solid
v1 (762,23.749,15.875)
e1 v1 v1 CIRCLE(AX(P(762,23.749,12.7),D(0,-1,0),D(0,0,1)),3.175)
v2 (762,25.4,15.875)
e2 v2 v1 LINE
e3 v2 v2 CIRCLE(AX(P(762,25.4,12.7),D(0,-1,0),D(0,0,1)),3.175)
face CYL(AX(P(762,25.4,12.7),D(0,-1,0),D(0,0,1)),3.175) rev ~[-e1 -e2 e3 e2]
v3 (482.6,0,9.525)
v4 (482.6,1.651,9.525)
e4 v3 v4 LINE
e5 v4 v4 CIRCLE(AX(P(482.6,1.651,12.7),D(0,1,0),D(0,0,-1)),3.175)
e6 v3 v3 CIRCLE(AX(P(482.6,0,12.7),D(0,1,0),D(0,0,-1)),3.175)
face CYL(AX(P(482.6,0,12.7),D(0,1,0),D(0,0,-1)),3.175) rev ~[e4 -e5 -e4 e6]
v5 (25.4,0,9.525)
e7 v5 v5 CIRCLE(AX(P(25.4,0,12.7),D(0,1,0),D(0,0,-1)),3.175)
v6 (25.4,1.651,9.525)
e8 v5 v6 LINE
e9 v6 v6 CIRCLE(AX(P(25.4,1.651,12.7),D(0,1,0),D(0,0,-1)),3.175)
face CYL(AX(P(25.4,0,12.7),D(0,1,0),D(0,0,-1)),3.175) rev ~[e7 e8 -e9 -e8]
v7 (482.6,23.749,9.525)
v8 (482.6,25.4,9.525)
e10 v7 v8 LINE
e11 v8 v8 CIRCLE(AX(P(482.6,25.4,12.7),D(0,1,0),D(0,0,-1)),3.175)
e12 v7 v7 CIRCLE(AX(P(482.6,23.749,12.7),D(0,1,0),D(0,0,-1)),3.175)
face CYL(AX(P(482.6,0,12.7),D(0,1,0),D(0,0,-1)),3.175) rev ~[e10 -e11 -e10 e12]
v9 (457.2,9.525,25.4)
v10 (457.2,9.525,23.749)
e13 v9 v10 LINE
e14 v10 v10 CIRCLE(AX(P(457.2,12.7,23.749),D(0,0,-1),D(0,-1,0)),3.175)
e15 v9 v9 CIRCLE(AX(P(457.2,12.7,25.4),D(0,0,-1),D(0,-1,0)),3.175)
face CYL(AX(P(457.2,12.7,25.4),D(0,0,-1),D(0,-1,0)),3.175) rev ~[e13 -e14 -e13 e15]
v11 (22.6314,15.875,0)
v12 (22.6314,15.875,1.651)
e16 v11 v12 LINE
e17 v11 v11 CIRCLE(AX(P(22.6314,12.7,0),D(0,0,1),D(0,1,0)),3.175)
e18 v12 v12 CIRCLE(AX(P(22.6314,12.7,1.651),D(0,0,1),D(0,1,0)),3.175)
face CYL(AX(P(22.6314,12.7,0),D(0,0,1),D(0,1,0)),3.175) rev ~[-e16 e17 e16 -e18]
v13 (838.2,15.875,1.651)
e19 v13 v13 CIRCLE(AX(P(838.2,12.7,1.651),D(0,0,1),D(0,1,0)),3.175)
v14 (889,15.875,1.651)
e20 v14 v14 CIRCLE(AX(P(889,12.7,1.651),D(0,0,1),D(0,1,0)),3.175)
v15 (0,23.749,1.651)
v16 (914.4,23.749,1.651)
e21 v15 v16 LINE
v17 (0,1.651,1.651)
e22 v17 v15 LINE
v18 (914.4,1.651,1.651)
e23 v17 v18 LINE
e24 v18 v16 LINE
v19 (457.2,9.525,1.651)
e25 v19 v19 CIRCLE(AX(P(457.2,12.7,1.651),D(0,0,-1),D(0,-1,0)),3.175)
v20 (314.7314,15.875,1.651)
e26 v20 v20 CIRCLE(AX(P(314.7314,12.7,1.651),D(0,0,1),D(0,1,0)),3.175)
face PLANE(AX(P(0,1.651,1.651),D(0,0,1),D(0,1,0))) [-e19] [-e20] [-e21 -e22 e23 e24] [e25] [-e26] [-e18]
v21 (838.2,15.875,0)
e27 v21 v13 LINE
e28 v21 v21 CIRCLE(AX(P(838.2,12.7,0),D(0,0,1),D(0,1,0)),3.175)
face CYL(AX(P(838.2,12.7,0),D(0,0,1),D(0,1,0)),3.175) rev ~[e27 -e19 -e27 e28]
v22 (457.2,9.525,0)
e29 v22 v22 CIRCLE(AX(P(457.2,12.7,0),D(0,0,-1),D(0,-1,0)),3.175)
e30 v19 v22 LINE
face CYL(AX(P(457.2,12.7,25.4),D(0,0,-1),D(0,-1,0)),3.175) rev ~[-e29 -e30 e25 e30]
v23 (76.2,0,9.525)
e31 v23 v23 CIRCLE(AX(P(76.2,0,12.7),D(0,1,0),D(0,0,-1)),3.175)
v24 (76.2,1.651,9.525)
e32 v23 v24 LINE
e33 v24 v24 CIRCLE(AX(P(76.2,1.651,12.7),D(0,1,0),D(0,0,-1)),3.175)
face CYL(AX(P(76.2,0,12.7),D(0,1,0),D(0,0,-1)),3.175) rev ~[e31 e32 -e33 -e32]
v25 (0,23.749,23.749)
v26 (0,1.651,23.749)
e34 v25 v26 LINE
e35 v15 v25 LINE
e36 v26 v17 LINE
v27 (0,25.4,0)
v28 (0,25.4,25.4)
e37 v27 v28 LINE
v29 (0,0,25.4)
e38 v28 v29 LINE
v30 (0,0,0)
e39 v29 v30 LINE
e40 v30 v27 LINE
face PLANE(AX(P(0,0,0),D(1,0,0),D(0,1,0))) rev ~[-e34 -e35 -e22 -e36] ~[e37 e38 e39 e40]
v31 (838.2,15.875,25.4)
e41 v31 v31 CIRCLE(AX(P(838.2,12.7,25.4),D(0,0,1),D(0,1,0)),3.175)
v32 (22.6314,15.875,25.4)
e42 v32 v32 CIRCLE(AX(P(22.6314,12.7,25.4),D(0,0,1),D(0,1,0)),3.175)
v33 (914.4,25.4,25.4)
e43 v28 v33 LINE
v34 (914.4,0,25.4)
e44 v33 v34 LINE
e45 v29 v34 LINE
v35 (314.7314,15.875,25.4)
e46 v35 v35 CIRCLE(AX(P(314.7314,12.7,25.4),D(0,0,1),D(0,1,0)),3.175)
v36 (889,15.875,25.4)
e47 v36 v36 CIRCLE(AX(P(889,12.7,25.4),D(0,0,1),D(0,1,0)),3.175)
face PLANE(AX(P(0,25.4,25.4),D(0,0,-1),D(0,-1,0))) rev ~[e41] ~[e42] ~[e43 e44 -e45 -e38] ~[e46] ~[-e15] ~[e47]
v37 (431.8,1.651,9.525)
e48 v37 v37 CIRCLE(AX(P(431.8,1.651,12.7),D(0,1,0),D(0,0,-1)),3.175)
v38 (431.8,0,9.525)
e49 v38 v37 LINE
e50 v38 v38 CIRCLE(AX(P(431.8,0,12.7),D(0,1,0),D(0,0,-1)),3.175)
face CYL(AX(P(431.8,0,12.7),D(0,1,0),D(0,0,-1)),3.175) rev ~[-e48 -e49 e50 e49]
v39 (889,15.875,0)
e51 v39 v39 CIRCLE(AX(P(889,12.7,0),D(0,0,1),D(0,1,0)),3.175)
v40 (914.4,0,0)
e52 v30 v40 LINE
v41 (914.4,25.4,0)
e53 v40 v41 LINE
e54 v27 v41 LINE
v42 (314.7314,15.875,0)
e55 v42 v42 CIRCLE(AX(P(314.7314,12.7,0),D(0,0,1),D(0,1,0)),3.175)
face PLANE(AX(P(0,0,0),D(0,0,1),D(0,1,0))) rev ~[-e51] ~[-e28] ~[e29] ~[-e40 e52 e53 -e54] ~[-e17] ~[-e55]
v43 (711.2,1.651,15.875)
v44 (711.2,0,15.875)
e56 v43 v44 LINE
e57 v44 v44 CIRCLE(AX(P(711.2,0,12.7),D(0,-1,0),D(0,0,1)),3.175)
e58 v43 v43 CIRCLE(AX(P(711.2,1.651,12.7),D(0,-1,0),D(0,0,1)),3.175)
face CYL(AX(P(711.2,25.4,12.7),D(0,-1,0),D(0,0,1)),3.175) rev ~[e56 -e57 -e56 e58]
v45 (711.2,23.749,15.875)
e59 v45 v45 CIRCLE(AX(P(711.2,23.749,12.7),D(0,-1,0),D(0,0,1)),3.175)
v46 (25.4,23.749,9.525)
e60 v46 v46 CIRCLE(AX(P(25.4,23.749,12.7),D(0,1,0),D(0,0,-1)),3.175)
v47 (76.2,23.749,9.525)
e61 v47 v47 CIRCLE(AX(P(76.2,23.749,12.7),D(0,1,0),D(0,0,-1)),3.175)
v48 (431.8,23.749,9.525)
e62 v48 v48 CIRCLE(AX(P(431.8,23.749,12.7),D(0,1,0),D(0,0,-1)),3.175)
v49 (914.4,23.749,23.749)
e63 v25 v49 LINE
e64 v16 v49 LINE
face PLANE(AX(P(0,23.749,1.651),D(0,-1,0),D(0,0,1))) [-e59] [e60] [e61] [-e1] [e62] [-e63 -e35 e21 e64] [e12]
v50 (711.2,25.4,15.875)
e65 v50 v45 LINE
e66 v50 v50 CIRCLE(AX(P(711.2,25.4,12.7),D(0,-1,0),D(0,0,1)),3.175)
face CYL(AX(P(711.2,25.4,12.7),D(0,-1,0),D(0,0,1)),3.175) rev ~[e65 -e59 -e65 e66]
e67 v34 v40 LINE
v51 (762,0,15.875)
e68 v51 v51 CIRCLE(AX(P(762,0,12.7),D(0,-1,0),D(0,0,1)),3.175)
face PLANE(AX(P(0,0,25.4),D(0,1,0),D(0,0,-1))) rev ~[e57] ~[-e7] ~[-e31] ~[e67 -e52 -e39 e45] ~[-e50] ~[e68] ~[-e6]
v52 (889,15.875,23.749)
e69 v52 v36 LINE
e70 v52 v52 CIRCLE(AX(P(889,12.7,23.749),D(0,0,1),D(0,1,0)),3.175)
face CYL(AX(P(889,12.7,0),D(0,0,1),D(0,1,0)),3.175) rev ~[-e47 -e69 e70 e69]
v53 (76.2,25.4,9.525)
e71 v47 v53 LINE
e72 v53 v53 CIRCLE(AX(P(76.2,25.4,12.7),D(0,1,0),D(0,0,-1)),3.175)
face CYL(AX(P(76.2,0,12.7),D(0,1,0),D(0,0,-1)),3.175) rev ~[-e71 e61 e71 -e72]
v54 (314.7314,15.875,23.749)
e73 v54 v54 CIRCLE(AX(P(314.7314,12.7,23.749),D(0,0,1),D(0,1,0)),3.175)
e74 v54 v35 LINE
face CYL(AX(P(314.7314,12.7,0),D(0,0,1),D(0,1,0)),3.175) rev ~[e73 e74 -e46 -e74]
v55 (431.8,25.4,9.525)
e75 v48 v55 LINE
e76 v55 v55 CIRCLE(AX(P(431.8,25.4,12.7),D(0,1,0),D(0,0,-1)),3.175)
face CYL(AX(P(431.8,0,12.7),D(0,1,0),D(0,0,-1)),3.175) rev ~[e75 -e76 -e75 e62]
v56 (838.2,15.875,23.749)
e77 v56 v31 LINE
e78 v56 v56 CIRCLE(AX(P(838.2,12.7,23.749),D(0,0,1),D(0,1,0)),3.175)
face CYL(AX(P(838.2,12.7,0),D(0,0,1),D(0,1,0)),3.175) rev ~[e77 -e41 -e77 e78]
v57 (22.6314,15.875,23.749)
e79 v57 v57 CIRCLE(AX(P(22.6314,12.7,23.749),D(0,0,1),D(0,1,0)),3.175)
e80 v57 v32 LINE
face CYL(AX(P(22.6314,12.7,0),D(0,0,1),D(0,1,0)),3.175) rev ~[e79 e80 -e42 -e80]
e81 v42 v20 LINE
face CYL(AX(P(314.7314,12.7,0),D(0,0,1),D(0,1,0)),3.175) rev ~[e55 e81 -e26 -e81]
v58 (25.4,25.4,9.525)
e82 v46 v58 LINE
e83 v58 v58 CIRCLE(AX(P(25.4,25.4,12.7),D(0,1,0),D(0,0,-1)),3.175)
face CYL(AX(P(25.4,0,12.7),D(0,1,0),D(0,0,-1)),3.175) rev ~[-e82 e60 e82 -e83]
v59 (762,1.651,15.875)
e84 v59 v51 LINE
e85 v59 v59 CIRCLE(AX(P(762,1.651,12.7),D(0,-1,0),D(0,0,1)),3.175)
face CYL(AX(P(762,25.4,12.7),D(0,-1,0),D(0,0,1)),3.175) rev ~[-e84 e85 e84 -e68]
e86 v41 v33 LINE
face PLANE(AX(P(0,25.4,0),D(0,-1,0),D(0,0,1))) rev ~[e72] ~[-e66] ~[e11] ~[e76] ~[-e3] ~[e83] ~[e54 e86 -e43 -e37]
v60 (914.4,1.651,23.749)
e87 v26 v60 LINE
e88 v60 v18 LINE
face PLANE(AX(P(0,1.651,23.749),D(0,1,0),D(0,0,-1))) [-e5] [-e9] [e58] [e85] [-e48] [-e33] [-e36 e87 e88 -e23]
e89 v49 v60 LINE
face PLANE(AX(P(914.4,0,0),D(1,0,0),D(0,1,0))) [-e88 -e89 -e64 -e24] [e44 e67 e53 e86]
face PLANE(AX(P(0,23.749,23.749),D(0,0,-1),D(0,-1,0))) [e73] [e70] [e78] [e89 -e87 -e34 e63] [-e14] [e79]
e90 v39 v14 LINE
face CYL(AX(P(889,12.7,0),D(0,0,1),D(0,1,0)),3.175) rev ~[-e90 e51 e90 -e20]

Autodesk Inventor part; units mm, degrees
ref_plane "YZ Plane" through (0, 0, 0) normal (1, 0, 0) x (0, 1, 0)
ref_plane "XZ Plane" through (0, 0, 0) normal (0, 1, 0) x (-1, 0, 0)
ref_plane "XY Plane" through (0, 0, 0) normal (0, 0, 1) x (1, 0, 0)
sketch "Sketch1" plane through (0, 0, 0) normal (1, 0, 0) x (0, 1, 0)
  line L0 (0, 0) -> (25.4, 0)
  line L1 (25.4, 0) -> (25.4, 25.4)
  line L2 (25.4, 25.4) -> (0, 25.4)
  line L3 (0, 25.4) -> (0, 0)
  line L4 (1.651, 1.651) -> (23.749, 1.651)
  line L5 (23.749, 1.651) -> (23.749, 23.749)
  line L6 (23.749, 23.749) -> (1.651, 23.749)
  line L7 (1.651, 23.749) -> (1.651, 1.651)
  dimension "d0" = 25.4
  dimension "d2" = 25.4
  dimension "d3" = 1.651
  dimension "d4" = 1.651
  dimension "d5" = 1.651
  dimension "d6" = 1.651
extrude "Extrusion1" add sketch "Sketch1" along normal blind 914.4
sketch "Sketch3" plane through (0, 0, 0) normal (0, 0, -1) x (-1, 0, 0)
  line L0 (0, 25.4) -> (-914.4, 25.4) projected
  line L1 (-914.4, 0) -> (-914.4, 25.4) projected
  line L2 (0, 0) -> (-914.4, 0) projected
  point P0 (-889, 12.7)
  point P1 (-838.2, 12.7)
  dimension "d9" = 12.7
  dimension "d10" = 25.4
  dimension "d11" = 12.7
  dimension "d12" = 50.8
hole "Hole1" at (889, 12.7, 0) at (838.2, 12.7, 0) direction (0, 0, 1) diameter 6.35 end through all
sketch "Sketch4" plane through (0, 25.4, 25.4) normal (0, 1, 0) x (1, 0, 0)
  line L0 (0, 0) -> (914.4, 0) projected
  line L1 (914.4, 25.4) -> (914.4, 0) projected
  line L2 (0, 25.4) -> (914.4, 25.4) projected
  line L3 (736.6, 25.4) -> (736.6, 0)
  point P0 (711.2, 12.7)
  point P1 (762, 12.7)
  dimension "d21" = 50.8
  dimension "d23" = 12.7
  dimension "d24" = 12.7
  dimension "d25" = 177.8
  dimension "d26" = 25.4
hole "Hole2" at (711.2, 25.4, 12.7) at (762, 25.4, 12.7) direction (0, -1, 0) diameter 6.35 end through all
sketch "Sketch5" plane through (0, 0, 0) normal (0, 0, -1) x (-1, 0, 0)
  line L0 (0, 0) -> (0, 25.4) projected
  line L1 (0, 0) -> (-914.4, 0) projected
  point P0 (-314.7314, 12.7)
  point P1 (-22.6314, 12.7)
  dimension "d34" = 12.7
  dimension "d35" = 292.1
  dimension "d36" = 22.6314
hole "Hole3" at (314.7314, 12.7, 0) at (22.6314, 12.7, 0) direction (0, 0, 1) diameter 6.35 end through all
sketch "Sketch6" plane through (0, 0, 0) normal (0, -1, 0) x (1, 0, 0)
  line L0 (0, 0) -> (914.4, 0) projected
  line L1 (914.4, 25.4) -> (914.4, 0) projected
  line L2 (0, 25.4) -> (914.4, 25.4) projected
  point P0 (431.8, 12.7)
  point P1 (482.6, 12.7)
  dimension "d44" = 50.8
  dimension "d46" = 12.7
  dimension "d47" = 12.7
  dimension "d48" = 431.8
hole "Hole4" at (431.8, 0, 12.7) at (482.6, 0, 12.7) direction (0, 1, 0) diameter 6.35 end through all
sketch "Sketch7" plane through (0, 0, 25.4) normal (0, 0, 1) x (1, 0, 0)
  line L0 (914.4, 25.4) -> (914.4, 0) projected
  line L1 (0, 25.4) -> (914.4, 25.4) projected
  point P0 (457.2, 12.7)
  dimension "d56" = 12.7
  dimension "d57" = 457.2
hole "Hole5" at (457.2, 12.7, 25.4) direction (0, 0, -1) diameter 6.35 end through all
sketch "Sketch8" plane through (0, 0, 0) normal (0, -1, 0) x (1, 0, 0)
  line L0 (0, 25.4) -> (0, 0) projected
  point P0 (25.4, 12.7)
  point P1 (76.2, 12.7)
  dimension "d65" = 25.4
  dimension "d66" = 50.8
hole "Hole6" at (25.4, 0, 12.7) at (76.2, 0, 12.7) direction (0, 1, 0) diameter 6.35 end through all
properties part number "Bottom_Bar" material "Aluminum 6061"
